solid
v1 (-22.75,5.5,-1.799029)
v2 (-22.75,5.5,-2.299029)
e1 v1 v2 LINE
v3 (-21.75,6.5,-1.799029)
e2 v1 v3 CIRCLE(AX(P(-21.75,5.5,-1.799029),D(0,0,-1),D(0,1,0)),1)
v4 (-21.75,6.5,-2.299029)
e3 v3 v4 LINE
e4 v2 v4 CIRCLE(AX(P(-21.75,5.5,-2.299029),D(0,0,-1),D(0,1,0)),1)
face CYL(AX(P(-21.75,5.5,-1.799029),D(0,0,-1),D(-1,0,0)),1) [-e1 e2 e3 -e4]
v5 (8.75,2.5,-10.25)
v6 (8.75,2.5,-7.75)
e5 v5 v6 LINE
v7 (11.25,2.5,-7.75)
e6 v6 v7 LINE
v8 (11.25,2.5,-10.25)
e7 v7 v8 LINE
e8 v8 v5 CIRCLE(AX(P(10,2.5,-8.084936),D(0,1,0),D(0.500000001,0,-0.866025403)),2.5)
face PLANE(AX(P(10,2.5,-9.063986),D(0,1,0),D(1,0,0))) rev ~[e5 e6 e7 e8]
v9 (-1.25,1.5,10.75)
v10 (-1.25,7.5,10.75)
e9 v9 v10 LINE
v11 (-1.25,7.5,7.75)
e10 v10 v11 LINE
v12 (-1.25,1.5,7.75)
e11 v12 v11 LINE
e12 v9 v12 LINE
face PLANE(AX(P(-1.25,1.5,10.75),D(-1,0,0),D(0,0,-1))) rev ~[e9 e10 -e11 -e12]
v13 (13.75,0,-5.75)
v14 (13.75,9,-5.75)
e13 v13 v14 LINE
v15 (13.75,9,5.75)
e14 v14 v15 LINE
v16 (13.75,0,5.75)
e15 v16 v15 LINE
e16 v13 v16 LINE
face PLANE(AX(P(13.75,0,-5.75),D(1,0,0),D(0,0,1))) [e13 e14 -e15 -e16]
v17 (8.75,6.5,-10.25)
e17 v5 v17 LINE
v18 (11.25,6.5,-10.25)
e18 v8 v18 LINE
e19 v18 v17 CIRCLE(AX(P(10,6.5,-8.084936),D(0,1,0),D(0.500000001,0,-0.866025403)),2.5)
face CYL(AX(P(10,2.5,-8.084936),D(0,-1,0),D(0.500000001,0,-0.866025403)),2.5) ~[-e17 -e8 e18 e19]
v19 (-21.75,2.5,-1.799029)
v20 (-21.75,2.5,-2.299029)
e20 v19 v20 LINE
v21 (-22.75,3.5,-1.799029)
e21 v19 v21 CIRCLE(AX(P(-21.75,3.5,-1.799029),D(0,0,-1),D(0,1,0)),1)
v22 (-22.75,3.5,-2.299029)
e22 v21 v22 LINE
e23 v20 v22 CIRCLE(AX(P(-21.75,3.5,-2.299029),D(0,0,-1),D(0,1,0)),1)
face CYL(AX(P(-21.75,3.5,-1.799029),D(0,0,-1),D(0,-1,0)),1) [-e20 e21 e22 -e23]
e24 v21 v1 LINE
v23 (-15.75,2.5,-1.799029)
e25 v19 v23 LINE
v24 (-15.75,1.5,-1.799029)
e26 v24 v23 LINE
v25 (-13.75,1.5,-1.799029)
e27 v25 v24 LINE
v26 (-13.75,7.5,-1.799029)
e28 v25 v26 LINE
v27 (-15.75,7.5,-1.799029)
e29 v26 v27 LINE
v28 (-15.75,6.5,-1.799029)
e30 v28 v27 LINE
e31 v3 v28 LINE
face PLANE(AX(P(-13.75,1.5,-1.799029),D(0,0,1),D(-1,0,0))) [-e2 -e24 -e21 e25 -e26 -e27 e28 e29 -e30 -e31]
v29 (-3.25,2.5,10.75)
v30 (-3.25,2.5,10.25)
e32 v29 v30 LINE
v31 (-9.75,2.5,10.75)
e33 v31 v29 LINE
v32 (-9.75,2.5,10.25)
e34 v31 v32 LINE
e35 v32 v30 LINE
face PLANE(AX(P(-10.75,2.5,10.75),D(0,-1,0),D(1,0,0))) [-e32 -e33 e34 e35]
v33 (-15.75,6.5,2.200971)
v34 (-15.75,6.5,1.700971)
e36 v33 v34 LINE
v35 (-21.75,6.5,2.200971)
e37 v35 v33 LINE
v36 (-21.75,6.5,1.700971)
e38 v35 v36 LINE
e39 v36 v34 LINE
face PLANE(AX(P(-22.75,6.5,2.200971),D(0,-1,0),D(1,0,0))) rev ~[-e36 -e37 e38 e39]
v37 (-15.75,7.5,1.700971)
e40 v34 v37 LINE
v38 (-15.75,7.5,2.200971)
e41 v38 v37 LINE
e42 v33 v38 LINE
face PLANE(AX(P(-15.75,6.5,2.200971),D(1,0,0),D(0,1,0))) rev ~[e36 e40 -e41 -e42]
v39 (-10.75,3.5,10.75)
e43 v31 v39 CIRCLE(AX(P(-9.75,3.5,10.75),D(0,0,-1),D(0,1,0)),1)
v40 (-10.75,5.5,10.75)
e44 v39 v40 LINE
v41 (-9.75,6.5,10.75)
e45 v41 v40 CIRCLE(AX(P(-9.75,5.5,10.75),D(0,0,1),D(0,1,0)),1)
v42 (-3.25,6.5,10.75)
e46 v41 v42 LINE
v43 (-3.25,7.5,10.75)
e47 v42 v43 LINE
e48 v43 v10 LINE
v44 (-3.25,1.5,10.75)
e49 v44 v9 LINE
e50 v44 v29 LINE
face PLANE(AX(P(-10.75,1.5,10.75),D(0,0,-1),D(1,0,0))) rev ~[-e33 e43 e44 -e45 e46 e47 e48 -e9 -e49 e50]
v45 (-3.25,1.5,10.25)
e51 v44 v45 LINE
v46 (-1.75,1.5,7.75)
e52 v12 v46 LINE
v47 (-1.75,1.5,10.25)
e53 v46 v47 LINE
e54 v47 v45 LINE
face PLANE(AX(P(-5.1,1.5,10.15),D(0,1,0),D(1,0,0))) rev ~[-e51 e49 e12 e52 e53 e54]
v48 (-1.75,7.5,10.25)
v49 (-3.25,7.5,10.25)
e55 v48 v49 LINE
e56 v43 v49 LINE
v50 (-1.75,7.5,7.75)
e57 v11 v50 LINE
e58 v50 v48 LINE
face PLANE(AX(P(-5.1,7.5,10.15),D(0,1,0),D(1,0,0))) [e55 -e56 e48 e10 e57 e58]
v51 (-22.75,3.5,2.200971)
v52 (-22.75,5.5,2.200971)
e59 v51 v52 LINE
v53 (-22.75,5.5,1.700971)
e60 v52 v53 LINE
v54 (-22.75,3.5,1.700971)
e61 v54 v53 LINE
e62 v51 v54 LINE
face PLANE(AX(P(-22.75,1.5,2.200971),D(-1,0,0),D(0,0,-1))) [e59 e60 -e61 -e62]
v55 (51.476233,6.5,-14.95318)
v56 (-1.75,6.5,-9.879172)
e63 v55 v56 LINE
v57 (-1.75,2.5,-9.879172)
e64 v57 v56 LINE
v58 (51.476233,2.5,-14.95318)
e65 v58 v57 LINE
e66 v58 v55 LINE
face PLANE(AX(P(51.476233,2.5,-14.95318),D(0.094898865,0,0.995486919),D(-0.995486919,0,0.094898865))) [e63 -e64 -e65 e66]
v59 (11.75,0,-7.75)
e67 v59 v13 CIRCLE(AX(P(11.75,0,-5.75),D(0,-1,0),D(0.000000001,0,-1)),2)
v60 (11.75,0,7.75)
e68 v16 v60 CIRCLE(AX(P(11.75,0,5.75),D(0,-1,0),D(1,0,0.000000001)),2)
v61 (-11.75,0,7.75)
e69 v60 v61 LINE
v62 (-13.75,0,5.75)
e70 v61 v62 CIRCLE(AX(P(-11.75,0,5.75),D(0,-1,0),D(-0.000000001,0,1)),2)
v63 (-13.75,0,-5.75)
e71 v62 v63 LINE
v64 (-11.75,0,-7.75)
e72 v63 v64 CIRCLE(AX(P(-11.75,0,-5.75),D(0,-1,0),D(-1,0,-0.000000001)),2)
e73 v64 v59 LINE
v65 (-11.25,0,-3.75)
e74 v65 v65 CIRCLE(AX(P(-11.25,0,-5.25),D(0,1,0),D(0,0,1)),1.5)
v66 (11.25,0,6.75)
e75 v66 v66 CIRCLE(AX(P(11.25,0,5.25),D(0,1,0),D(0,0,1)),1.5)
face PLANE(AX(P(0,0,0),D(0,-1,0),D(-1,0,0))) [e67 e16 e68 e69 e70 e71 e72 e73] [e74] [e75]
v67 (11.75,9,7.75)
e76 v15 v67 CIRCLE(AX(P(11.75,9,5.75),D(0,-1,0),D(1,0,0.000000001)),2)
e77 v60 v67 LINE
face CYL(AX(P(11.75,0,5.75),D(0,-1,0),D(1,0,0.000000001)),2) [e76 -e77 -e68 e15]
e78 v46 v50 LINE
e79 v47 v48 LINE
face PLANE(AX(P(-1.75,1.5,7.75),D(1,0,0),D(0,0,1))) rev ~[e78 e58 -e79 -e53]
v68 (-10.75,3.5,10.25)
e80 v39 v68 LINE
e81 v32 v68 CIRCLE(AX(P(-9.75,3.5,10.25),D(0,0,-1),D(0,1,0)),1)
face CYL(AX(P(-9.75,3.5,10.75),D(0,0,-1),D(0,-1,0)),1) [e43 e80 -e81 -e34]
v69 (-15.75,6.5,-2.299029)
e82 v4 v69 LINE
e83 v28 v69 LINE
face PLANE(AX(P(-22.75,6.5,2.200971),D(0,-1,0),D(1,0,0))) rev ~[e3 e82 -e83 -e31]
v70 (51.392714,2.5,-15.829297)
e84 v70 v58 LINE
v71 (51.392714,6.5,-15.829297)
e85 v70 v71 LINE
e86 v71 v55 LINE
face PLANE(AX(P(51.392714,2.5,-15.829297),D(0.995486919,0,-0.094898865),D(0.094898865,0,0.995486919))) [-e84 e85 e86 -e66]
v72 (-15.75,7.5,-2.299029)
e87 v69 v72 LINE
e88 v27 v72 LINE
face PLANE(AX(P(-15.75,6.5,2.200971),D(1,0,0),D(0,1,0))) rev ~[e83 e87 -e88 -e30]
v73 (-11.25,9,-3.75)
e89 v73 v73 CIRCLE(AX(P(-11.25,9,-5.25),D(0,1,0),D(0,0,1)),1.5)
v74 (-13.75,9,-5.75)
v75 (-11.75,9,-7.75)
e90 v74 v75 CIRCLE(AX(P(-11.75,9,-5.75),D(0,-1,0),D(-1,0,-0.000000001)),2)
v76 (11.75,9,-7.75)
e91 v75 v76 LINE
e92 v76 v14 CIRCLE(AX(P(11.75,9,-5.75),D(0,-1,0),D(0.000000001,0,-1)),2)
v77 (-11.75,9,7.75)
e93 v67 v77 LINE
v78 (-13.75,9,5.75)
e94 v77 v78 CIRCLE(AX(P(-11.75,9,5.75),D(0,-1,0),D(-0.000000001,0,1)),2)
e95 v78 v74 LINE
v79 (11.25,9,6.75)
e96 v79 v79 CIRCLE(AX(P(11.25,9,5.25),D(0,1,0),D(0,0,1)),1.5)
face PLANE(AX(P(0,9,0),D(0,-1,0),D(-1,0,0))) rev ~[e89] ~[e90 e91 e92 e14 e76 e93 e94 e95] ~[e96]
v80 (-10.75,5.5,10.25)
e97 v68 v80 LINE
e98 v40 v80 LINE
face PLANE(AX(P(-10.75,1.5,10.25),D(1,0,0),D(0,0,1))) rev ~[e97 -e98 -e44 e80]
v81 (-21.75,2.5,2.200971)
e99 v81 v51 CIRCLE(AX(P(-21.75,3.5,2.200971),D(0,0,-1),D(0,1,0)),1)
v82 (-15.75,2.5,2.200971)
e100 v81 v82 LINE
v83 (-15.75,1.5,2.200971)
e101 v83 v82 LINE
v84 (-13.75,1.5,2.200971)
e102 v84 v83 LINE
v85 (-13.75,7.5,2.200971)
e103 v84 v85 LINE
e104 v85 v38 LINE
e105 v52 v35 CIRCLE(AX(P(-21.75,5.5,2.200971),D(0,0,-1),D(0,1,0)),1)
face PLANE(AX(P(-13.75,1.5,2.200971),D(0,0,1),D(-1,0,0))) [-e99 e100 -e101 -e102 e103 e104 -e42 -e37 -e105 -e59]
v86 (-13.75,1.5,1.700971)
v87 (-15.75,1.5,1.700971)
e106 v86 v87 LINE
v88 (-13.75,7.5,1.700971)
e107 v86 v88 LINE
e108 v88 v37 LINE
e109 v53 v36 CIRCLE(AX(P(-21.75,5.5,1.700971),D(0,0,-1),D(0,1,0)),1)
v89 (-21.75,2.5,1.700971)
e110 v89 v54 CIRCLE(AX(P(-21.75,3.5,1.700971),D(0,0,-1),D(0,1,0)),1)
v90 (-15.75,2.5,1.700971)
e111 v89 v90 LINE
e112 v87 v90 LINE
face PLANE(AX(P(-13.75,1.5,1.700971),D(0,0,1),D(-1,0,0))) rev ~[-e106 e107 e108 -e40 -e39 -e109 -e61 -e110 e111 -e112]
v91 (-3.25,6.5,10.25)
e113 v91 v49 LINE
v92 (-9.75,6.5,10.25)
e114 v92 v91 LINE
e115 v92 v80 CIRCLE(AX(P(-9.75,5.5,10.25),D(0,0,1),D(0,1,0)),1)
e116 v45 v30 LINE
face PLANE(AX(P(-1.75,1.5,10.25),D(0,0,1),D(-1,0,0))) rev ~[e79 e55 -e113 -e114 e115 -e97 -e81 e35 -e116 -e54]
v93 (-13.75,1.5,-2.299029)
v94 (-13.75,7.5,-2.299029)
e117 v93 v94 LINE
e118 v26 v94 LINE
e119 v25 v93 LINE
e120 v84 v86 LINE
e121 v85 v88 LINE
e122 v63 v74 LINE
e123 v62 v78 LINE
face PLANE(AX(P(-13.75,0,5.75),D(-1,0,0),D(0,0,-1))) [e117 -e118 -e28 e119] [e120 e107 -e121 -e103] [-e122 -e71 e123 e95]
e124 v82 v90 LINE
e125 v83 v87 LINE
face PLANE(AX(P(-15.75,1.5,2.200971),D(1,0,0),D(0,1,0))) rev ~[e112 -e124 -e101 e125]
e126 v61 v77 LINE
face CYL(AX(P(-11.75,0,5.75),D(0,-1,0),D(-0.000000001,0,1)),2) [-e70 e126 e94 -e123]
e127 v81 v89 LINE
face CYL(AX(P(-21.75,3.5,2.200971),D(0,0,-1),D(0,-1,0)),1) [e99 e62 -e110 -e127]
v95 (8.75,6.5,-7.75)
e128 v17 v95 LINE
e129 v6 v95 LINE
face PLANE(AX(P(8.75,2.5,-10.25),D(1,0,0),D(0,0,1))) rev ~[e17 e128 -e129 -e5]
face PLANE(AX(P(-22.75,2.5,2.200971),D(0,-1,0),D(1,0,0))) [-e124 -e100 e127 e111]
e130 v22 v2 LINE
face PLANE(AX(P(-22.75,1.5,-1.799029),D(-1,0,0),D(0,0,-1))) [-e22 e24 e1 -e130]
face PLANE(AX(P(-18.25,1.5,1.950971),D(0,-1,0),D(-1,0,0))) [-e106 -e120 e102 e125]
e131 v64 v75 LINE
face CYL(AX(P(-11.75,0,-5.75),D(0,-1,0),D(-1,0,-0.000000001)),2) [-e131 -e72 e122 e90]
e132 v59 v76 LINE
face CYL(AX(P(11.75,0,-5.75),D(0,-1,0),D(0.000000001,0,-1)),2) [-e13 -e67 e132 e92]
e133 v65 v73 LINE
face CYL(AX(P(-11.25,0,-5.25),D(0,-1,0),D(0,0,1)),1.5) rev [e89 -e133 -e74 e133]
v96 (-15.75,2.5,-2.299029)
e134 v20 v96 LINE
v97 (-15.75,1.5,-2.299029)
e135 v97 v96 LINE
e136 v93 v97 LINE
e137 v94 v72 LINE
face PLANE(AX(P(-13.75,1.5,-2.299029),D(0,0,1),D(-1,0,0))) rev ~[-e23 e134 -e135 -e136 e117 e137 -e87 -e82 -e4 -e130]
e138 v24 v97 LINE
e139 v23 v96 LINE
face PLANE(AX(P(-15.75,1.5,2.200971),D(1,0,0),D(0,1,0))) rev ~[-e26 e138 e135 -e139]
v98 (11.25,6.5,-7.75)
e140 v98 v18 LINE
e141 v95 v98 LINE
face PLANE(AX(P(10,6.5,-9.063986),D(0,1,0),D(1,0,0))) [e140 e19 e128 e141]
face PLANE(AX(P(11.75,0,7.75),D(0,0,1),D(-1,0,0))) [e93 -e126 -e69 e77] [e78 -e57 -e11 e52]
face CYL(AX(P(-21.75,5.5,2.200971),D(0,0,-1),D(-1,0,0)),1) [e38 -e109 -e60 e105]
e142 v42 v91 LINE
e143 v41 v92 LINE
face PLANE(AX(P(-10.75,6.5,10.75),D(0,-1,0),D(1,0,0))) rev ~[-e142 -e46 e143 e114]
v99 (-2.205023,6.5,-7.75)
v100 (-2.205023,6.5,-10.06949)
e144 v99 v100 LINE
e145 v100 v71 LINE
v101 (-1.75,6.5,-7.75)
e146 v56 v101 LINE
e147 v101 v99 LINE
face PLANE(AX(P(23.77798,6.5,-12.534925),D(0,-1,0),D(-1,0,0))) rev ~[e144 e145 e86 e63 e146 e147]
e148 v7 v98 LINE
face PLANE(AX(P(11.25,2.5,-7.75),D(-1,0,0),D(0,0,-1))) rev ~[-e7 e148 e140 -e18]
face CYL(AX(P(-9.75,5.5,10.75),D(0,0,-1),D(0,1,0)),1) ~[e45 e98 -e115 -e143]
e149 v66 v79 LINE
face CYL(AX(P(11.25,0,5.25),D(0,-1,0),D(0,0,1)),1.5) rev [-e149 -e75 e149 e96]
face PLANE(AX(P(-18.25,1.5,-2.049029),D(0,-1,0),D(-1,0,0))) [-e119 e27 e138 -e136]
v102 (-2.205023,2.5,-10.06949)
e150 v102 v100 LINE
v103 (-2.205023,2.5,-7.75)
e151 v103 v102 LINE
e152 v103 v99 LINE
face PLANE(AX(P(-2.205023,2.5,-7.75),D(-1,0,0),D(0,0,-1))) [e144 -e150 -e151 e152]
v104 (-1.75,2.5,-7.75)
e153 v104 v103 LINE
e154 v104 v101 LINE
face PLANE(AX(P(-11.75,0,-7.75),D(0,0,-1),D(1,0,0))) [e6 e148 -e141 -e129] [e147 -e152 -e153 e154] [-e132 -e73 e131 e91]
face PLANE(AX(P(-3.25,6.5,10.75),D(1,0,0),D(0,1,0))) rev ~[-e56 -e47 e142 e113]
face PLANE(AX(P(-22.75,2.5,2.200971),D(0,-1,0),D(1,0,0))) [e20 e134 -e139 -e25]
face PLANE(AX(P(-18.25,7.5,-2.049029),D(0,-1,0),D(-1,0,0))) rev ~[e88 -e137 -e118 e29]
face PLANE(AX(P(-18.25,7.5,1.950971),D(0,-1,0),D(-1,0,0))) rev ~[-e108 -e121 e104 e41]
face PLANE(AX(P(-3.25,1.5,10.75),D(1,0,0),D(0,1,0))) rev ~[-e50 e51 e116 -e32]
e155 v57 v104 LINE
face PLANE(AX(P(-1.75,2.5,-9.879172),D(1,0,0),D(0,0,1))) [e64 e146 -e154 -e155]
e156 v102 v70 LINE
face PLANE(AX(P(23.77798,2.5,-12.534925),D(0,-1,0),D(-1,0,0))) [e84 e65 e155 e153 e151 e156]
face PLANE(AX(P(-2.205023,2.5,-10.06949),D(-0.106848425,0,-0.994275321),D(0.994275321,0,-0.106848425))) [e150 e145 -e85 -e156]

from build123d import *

# Parameters (mm, degrees)
SKETCH1_R            = 1.5
BOSS_EXTRUDE1_DEPTH  = 9
BOSS_EXTRUDE2_DEPTH  = 4
BOSS_EXTRUDE9_DEPTH  = 4
SKETCH5_W            = 9
SKETCH5_H            = 0.5
BOSS_EXTRUDE10_DEPTH = 6
SKETCH6_W            = 7.5
SKETCH6_H            = 1
CUT_EXTRUDE1_DEPTH   = 2
SKETCH7_W            = 7
SKETCH7_H            = 1
CUT_EXTRUDE2_DEPTH   = 5
FILLET1_R            = 1


with BuildPart() as part:
    # Sketch1 → Boss-Extrude1 (new body)
    with BuildSketch(Plane(origin=(0, 0, 0), x_dir=(1, 0, 0), z_dir=(0, 1, 0))):
        with BuildLine():
            Line((11.75, -7.75), (-11.75, -7.75))
            ThreePointArc((-11.75, -7.75), (-13.164213562, -7.164213562), (-13.75, -5.75))
            Line((-13.75, -5.75), (-13.75, 5.75))
            ThreePointArc((-13.75, 5.75), (-13.164213562, 7.164213562), (-11.75, 7.75))
            Line((-11.75, 7.75), (11.75, 7.75))
            ThreePointArc((11.75, 7.75), (13.164213562, 7.164213562), (13.75, 5.75))
            Line((13.75, 5.75), (13.75, -5.75))
            ThreePointArc((13.75, -5.75), (13.164213562, -7.164213562), (11.75, -7.75))
        make_face()
        with Locations(Location((-11.25, 5.25, 0), (0, 0, 270))):
            Circle(SKETCH1_R, mode=Mode.SUBTRACT)
        with Locations(Location((11.25, -5.25, 0), (0, 0, 270))):
            Circle(SKETCH1_R, mode=Mode.SUBTRACT)
    extrude(amount=BOSS_EXTRUDE1_DEPTH)

    # Sketch3 → Boss-Extrude2 (add)
    with BuildSketch(Plane(origin=(0, 2.5, 0), x_dir=(-1, 0, 0), z_dir=(0, -1, 0))):
        with BuildLine():
            Line((-11.25, 7.75), (-11.25, 10.25))
            ThreePointArc((-11.25, 10.25), (-10, 10.584936491), (-8.75, 10.25))
            Line((-8.75, 10.25), (-8.75, 7.75))
            Line((-8.75, 7.75), (-11.25, 7.75))
        make_face()
    extrude(amount=-BOSS_EXTRUDE2_DEPTH)

    # Sketch4 → Boss-Extrude9 (add)
    with BuildSketch(Plane(origin=(0, 2.5, 0), x_dir=(-1, 0, 0), z_dir=(0, -1, 0))):
        Polygon((1.75, 7.75), (2.205022523, 7.75), (2.205022523, 10.069490078), (-51.392713573, 15.829296812), (-51.47623297, 14.95318025), (1.75, 9.879171754), align=None)
    extrude(amount=-BOSS_EXTRUDE9_DEPTH)

    # Sketch5 → Boss-Extrude10 (add)
    with BuildSketch(Plane(origin=(0, 1.5, 0), x_dir=(-1, 0, 0), z_dir=(0, -1, 0))):
        Polygon((1.75, -7.75), (1.75, -10.25), (10.75, -10.25), (10.75, -10.75), (1.25, -10.75), (1.25, -7.75), align=None)
        with Locations((18.25, 2.049029433)):
            Rectangle(SKETCH5_W, SKETCH5_H)
        with Locations((18.25, -1.950970567)):
            Rectangle(SKETCH5_W, SKETCH5_H)
    extrude(amount=-BOSS_EXTRUDE10_DEPTH)

    # Sketch6 → Cut-Extrude1 (cut)
    with BuildSketch(Plane.XY.offset(10.75)):
        with Locations((-7, 2)):
            Rectangle(SKETCH6_W, SKETCH6_H)
        with Locations((-7, 7)):
            Rectangle(SKETCH6_W, SKETCH6_H)
    extrude(amount=-CUT_EXTRUDE1_DEPTH, mode=Mode.SUBTRACT)

    # Sketch7 → Cut-Extrude2 (cut)
    with BuildSketch(Plane.XY.offset(2.200970567)):
        with Locations((-19.25, 2)):
            Rectangle(SKETCH7_W, SKETCH7_H)
        with Locations((-19.25, 7)):
            Rectangle(SKETCH7_W, SKETCH7_H)
    extrude(amount=-CUT_EXTRUDE2_DEPTH, mode=Mode.SUBTRACT)

    # Fillet1
    fillet1_edges = [part.edges().sort_by_distance(p)[0] for p in [
        (-10.75, 2.5, 10.5),
        (-10.75, 6.5, 10.5),
        (-22.75, 2.5, -2.049029433),
        (-22.75, 2.5, 1.950970567),
        (-22.75, 6.5, -2.049029433),
        (-22.75, 6.5, 1.950970567),
    ]]
    fillet(fillet1_edges, radius=FILLET1_R)


solid = part.part
